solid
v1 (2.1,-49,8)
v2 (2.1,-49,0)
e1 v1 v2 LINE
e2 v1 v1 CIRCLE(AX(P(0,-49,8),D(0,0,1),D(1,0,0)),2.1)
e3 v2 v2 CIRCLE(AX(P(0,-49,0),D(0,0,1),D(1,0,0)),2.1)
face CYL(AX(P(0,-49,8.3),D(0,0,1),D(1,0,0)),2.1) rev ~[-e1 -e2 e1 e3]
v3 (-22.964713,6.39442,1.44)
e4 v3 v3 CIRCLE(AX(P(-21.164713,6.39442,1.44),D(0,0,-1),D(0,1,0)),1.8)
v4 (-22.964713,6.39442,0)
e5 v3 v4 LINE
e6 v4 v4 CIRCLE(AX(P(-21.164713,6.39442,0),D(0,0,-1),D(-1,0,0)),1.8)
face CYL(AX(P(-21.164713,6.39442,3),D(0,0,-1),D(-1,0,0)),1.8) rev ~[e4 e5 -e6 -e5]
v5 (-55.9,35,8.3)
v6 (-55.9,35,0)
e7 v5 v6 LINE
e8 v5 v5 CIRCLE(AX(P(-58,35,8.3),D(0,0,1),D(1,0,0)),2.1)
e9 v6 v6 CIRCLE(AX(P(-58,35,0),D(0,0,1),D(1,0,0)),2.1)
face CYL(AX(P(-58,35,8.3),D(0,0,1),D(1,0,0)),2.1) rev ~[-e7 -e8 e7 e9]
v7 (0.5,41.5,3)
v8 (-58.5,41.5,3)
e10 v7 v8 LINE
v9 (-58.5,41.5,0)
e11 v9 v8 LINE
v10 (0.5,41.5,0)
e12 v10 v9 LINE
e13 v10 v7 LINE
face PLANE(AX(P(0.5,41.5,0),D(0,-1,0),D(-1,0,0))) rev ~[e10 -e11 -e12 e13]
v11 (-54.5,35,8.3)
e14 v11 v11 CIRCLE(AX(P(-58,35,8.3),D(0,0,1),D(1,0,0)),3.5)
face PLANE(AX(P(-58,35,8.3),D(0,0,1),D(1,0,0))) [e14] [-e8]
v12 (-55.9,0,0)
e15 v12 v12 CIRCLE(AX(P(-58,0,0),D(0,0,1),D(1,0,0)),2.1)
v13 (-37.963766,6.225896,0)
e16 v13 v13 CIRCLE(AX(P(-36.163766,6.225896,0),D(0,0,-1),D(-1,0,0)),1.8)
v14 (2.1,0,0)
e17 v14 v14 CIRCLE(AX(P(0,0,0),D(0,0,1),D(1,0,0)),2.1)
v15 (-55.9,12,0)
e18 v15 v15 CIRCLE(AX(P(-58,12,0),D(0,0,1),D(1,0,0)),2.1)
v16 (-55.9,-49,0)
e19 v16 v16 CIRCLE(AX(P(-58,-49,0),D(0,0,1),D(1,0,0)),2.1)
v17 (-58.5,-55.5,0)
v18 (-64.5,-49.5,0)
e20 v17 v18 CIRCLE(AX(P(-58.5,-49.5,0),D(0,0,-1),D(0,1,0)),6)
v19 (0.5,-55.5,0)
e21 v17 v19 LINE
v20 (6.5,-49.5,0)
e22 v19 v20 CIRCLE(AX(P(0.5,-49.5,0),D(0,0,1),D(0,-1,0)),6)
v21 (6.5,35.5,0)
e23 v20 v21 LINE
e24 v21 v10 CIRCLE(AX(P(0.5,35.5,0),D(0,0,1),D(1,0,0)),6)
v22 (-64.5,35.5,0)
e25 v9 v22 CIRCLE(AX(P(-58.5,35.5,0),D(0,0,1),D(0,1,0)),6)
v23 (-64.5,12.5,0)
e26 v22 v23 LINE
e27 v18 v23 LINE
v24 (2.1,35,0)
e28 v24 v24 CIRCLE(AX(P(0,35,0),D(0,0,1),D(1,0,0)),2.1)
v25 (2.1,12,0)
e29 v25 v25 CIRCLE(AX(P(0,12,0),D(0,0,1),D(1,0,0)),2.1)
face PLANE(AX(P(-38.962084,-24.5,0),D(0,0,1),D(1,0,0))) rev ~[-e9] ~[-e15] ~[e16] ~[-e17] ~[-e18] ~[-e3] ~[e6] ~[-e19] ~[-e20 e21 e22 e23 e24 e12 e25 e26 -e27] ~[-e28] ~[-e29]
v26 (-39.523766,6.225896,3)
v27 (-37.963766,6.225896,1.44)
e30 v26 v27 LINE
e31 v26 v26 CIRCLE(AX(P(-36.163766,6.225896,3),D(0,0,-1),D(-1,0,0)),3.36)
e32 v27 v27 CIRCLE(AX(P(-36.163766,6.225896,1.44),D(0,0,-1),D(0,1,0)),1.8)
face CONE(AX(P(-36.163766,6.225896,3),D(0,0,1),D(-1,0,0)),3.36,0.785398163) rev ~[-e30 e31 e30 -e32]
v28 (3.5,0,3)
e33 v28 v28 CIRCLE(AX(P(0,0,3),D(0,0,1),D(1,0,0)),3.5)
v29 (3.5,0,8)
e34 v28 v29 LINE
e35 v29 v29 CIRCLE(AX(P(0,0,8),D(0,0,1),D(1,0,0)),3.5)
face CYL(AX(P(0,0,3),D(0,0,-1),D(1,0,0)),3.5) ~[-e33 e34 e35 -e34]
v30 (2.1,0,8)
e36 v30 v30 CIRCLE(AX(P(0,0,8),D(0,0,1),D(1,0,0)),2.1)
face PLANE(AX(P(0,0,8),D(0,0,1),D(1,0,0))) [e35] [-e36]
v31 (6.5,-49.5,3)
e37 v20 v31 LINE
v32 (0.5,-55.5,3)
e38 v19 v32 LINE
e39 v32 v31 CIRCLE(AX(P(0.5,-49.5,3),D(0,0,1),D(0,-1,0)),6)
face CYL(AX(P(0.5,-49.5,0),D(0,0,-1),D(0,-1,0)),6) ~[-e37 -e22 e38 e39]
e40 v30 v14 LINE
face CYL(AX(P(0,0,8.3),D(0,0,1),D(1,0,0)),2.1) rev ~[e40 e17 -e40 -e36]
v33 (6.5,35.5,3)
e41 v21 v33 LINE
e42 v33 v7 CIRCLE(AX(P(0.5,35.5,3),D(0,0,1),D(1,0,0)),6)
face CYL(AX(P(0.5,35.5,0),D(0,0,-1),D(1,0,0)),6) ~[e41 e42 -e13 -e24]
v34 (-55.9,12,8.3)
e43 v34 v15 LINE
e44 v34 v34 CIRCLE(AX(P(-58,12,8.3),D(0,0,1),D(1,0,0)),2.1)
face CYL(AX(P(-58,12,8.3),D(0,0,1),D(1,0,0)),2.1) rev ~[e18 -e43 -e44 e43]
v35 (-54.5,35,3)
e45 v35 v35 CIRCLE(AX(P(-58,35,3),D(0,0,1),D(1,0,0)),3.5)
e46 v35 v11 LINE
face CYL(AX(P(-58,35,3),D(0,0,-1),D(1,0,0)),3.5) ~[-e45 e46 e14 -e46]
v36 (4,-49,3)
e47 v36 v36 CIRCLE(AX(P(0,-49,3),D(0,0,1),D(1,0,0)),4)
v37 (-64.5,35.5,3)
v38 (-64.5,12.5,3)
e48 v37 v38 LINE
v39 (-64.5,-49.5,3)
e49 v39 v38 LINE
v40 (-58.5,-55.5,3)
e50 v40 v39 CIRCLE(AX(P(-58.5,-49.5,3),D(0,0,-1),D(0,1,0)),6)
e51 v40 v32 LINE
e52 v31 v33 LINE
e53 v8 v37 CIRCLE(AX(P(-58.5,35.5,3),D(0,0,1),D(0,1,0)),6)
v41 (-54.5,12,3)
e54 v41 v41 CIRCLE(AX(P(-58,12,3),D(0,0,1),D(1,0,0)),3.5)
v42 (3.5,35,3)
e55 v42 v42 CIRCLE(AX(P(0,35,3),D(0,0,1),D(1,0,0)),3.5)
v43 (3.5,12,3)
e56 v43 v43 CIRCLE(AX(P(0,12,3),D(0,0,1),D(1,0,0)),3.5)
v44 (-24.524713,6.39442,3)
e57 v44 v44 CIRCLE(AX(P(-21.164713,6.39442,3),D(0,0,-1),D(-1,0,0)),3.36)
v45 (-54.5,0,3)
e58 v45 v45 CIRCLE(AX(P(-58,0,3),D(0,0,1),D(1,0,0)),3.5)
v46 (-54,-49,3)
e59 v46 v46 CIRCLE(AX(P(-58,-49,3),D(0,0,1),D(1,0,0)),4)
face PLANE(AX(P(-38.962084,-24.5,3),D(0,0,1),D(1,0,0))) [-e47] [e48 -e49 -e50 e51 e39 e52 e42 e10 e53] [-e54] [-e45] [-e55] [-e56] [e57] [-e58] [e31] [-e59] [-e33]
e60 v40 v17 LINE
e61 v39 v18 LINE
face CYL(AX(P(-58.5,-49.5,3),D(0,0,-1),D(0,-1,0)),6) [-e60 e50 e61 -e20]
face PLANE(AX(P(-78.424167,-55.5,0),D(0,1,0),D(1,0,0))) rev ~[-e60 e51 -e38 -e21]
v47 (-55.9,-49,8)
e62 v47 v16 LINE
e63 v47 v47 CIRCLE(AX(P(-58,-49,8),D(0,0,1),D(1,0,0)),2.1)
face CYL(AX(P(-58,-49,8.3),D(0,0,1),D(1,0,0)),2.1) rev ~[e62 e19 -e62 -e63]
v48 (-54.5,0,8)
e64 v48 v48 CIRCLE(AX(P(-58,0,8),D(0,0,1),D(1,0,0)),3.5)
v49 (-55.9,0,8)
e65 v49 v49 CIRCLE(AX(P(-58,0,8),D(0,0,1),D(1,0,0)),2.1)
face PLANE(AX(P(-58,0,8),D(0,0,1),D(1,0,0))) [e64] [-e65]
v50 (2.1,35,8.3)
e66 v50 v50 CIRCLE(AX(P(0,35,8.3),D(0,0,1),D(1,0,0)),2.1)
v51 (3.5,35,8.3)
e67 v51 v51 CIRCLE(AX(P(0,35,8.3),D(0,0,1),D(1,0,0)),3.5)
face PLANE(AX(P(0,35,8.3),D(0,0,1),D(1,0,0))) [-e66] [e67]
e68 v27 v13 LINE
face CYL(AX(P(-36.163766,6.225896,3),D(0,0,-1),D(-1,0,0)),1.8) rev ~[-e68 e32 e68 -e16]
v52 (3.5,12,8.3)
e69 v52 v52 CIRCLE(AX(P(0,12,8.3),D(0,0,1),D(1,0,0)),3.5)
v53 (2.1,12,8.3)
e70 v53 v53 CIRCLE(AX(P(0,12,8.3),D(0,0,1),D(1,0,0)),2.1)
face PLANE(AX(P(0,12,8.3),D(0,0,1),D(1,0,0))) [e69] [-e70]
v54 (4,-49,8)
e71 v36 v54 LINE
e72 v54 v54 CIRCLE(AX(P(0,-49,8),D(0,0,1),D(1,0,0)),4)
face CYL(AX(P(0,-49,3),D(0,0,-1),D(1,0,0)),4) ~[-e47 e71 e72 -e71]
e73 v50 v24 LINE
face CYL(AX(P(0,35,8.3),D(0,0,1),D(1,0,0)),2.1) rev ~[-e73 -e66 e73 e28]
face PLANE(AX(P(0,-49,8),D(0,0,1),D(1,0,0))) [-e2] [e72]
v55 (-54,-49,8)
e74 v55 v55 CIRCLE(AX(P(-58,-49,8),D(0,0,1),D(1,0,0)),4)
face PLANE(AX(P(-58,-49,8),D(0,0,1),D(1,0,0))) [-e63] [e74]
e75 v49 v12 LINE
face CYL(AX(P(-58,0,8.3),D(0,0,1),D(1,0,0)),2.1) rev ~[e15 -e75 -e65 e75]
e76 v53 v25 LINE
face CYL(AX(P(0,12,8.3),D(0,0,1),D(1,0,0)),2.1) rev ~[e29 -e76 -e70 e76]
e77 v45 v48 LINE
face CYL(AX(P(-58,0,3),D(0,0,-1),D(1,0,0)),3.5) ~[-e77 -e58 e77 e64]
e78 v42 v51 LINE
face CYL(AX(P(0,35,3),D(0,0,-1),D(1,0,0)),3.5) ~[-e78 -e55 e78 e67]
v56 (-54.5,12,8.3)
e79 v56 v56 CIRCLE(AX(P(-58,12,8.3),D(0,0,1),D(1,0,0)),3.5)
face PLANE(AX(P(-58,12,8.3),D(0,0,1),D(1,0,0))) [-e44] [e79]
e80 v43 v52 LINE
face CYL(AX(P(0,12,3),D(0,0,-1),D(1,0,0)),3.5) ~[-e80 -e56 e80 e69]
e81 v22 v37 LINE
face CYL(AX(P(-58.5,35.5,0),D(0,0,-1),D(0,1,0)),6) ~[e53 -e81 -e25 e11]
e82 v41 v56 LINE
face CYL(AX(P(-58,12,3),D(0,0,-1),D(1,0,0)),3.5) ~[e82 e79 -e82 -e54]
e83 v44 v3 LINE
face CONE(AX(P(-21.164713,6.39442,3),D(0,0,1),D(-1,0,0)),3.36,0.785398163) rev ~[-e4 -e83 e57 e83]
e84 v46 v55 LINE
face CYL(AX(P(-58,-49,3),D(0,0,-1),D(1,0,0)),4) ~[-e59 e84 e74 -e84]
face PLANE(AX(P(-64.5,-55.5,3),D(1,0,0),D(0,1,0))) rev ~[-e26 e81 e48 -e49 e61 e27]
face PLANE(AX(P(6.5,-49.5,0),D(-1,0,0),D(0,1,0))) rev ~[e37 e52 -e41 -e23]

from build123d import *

# Parameters (mm, degrees)
SKETCH1_R                                            = 1.375
BOSS_EXTRUDE1_DEPTH                                  = 3
SKETCH2_R                                            = 4
SKETCH2_R_2                                          = 1.375
SKETCH2_R_3                                          = 3.5
BOSS_EXTRUDE2_DEPTH                                  = 5
SKETCH2_3_R                                          = 3.5
SKETCH2_3_R_2                                        = 1.375
BOSS_EXTRUDE3_DEPTH                                  = 5.3
SKETCH3_R                                            = 2.1
CUT_EXTRUDE1_DEPTH                                   = 102.373468088
CSK_FOR_M3_HEX_SOCKET_COUNTERSUNK_CAP_SC_D           = 3.6
CSK_FOR_M3_HEX_SOCKET_COUNTERSUNK_CAP_SC_DEPTH       = 14.44
CSK_FOR_M3_HEX_SOCKET_COUNTERSUNK_CAP_SC_CSINK_D     = 6.72
CSK_FOR_M3_HEX_SOCKET_COUNTERSUNK_CAP_SC_CSINK_ANGLE = 90
CSK_FOR_M3_HEX_SOCKET_COUNTERSUNK_CAP_SC_TIP         = 1.081549114
SKETCH6_W                                            = 40.311227037
SKETCH6_H                                            = 68
CUT_EXTRUDE2_DEPTH                                   = 102.172031867
FILLET1_R                                            = 6


with BuildPart() as part:
    # Sketch1 → Boss-Extrude1 (new body)
    with BuildSketch(Plane.XY):
        with BuildLine():
            ThreePointArc((-78.424167346, 6.5), (-82.666808033, 4.742640687), (-84.424167346, 0.5))
            Line((-84.424167346, 0.5), (-84.424167346, -49.5))
            ThreePointArc((-84.424167346, -49.5), (-82.666808033, -53.742640687), (-78.424167346, -55.5))
            Line((-78.424167346, -55.5), (0.5, -55.5))
            ThreePointArc((0.5, -55.5), (4.742640687, -53.742640687), (6.5, -49.5))
            Line((6.5, -49.5), (6.5, 35.5))
            ThreePointArc((6.5, 35.5), (4.742640687, 39.742640687), (0.5, 41.5))
            Line((0.5, 41.5), (-58.5, 41.5))
            ThreePointArc((-58.5, 41.5), (-62.742640687, 39.742640687), (-64.5, 35.5))
            Line((-64.5, 35.5), (-64.5, 12.5))
            ThreePointArc((-64.5, 12.5), (-66.257359313, 8.257359313), (-70.5, 6.5))
            Line((-70.5, 6.5), (-78.424167346, 6.5))
        make_face()
        with Locations((-58, -49)):
            Circle(SKETCH1_R, mode=Mode.SUBTRACT)
        with Locations((0, -49)):
            Circle(SKETCH1_R, mode=Mode.SUBTRACT)
        with Locations((-58, 0)):
            Circle(SKETCH1_R, mode=Mode.SUBTRACT)
        Circle(SKETCH1_R, mode=Mode.SUBTRACT)
        with Locations((-58, 12)):
            Circle(SKETCH1_R, mode=Mode.SUBTRACT)
        with Locations((-58, 35)):
            Circle(SKETCH1_R, mode=Mode.SUBTRACT)
        with Locations((0, 12)):
            Circle(SKETCH1_R, mode=Mode.SUBTRACT)
        with Locations((0, 35)):
            Circle(SKETCH1_R, mode=Mode.SUBTRACT)
    extrude(amount=BOSS_EXTRUDE1_DEPTH)

    # Sketch2 → Boss-Extrude2 (add)
    # profile 1 of 4: a face of its own
    with BuildSketch(Plane.XY.offset(3)):
        with Locations((-58, -49)):
            Circle(SKETCH2_R)
        with Locations((-58, -49)):
            Circle(SKETCH2_R_2, mode=Mode.SUBTRACT)
    # profile 2 of 4: a face of its own
    with BuildSketch(Plane.XY.offset(3)):
        with Locations((0, -49)):
            Circle(SKETCH2_R)
        with Locations((0, -49)):
            Circle(SKETCH2_R_2, mode=Mode.SUBTRACT)
    # profile 3 of 4: a face of its own
    with BuildSketch(Plane.XY.offset(3)):
        Circle(SKETCH2_R_3)
        Circle(SKETCH2_R_2, mode=Mode.SUBTRACT)
    # profile 4 of 4: a face of its own
    with BuildSketch(Plane.XY.offset(3)):
        with Locations((-58, 0)):
            Circle(SKETCH2_R_3)
        with Locations((-58, 0)):
            Circle(SKETCH2_R_2, mode=Mode.SUBTRACT)
    extrude(amount=BOSS_EXTRUDE2_DEPTH)

    # Sketch2<3> → Boss-Extrude3 (add)
    # profile 1 of 4: a face of its own
    with BuildSketch(Plane.XY.offset(3)):
        with Locations((-58, 35)):
            Circle(SKETCH2_3_R)
        with Locations((-58, 35)):
            Circle(SKETCH2_3_R_2, mode=Mode.SUBTRACT)
    # profile 2 of 4: a face of its own
    with BuildSketch(Plane.XY.offset(3)):
        with Locations((-58, 12)):
            Circle(SKETCH2_3_R)
        with Locations((-58, 12)):
            Circle(SKETCH2_3_R_2, mode=Mode.SUBTRACT)
    # profile 3 of 4: a face of its own
    with BuildSketch(Plane.XY.offset(3)):
        with Locations((0, 35)):
            Circle(SKETCH2_3_R)
        with Locations((0, 35)):
            Circle(SKETCH2_3_R_2, mode=Mode.SUBTRACT)
    # profile 4 of 4: a face of its own
    with BuildSketch(Plane.XY.offset(3)):
        with Locations((0, 12)):
            Circle(SKETCH2_3_R)
        with Locations((0, 12)):
            Circle(SKETCH2_3_R_2, mode=Mode.SUBTRACT)
    extrude(amount=BOSS_EXTRUDE3_DEPTH)

    # Sketch3 → Cut-Extrude1 (cut, through all)
    with BuildSketch(Plane.XY.offset(8.3)):
        with Locations((-58, 35)):
            Circle(SKETCH3_R)
        with Locations((0, 35)):
            Circle(SKETCH3_R)
        with Locations((0, 12)):
            Circle(SKETCH3_R)
        with Locations((-58, 12)):
            Circle(SKETCH3_R)
        with Locations((-58, 0)):
            Circle(SKETCH3_R)
        Circle(SKETCH3_R)
        with Locations((-58, -49)):
            Circle(SKETCH3_R)
        with Locations((0, -49)):
            Circle(SKETCH3_R)
    extrude(amount=-CUT_EXTRUDE1_DEPTH, mode=Mode.SUBTRACT)

    # CSK for M3 Hex Socket Countersunk Cap Screw1
    with Locations(Plane.XY.offset(3)):
        with Locations((-36.16376606, 6.225895505), (-21.164712778, 6.394420408)):
            CounterSinkHole(CSK_FOR_M3_HEX_SOCKET_COUNTERSUNK_CAP_SC_D / 2, CSK_FOR_M3_HEX_SOCKET_COUNTERSUNK_CAP_SC_CSINK_D / 2, depth=CSK_FOR_M3_HEX_SOCKET_COUNTERSUNK_CAP_SC_DEPTH, counter_sink_angle=CSK_FOR_M3_HEX_SOCKET_COUNTERSUNK_CAP_SC_CSINK_ANGLE)
            with Locations((0, 0, -(CSK_FOR_M3_HEX_SOCKET_COUNTERSUNK_CAP_SC_DEPTH + CSK_FOR_M3_HEX_SOCKET_COUNTERSUNK_CAP_SC_TIP / 2))):  # 118° drill point
                Cone(0, CSK_FOR_M3_HEX_SOCKET_COUNTERSUNK_CAP_SC_D / 2, CSK_FOR_M3_HEX_SOCKET_COUNTERSUNK_CAP_SC_TIP, mode=Mode.SUBTRACT)

    # Sketch6 → Cut-Extrude2 (cut, through all)
    with BuildSketch(Plane.XY.offset(3)):
        with Locations((-84.655613519, -21.5)):
            Rectangle(SKETCH6_W, SKETCH6_H)
    extrude(amount=-CUT_EXTRUDE2_DEPTH, mode=Mode.SUBTRACT)

    # Fillet1
    fillet1_edges = [part.edges().sort_by_distance(p)[0] for p in [
        (-64.5, -55.5, 1.5),
    ]]
    fillet(fillet1_edges, radius=FILLET1_R)


solid = part.part
